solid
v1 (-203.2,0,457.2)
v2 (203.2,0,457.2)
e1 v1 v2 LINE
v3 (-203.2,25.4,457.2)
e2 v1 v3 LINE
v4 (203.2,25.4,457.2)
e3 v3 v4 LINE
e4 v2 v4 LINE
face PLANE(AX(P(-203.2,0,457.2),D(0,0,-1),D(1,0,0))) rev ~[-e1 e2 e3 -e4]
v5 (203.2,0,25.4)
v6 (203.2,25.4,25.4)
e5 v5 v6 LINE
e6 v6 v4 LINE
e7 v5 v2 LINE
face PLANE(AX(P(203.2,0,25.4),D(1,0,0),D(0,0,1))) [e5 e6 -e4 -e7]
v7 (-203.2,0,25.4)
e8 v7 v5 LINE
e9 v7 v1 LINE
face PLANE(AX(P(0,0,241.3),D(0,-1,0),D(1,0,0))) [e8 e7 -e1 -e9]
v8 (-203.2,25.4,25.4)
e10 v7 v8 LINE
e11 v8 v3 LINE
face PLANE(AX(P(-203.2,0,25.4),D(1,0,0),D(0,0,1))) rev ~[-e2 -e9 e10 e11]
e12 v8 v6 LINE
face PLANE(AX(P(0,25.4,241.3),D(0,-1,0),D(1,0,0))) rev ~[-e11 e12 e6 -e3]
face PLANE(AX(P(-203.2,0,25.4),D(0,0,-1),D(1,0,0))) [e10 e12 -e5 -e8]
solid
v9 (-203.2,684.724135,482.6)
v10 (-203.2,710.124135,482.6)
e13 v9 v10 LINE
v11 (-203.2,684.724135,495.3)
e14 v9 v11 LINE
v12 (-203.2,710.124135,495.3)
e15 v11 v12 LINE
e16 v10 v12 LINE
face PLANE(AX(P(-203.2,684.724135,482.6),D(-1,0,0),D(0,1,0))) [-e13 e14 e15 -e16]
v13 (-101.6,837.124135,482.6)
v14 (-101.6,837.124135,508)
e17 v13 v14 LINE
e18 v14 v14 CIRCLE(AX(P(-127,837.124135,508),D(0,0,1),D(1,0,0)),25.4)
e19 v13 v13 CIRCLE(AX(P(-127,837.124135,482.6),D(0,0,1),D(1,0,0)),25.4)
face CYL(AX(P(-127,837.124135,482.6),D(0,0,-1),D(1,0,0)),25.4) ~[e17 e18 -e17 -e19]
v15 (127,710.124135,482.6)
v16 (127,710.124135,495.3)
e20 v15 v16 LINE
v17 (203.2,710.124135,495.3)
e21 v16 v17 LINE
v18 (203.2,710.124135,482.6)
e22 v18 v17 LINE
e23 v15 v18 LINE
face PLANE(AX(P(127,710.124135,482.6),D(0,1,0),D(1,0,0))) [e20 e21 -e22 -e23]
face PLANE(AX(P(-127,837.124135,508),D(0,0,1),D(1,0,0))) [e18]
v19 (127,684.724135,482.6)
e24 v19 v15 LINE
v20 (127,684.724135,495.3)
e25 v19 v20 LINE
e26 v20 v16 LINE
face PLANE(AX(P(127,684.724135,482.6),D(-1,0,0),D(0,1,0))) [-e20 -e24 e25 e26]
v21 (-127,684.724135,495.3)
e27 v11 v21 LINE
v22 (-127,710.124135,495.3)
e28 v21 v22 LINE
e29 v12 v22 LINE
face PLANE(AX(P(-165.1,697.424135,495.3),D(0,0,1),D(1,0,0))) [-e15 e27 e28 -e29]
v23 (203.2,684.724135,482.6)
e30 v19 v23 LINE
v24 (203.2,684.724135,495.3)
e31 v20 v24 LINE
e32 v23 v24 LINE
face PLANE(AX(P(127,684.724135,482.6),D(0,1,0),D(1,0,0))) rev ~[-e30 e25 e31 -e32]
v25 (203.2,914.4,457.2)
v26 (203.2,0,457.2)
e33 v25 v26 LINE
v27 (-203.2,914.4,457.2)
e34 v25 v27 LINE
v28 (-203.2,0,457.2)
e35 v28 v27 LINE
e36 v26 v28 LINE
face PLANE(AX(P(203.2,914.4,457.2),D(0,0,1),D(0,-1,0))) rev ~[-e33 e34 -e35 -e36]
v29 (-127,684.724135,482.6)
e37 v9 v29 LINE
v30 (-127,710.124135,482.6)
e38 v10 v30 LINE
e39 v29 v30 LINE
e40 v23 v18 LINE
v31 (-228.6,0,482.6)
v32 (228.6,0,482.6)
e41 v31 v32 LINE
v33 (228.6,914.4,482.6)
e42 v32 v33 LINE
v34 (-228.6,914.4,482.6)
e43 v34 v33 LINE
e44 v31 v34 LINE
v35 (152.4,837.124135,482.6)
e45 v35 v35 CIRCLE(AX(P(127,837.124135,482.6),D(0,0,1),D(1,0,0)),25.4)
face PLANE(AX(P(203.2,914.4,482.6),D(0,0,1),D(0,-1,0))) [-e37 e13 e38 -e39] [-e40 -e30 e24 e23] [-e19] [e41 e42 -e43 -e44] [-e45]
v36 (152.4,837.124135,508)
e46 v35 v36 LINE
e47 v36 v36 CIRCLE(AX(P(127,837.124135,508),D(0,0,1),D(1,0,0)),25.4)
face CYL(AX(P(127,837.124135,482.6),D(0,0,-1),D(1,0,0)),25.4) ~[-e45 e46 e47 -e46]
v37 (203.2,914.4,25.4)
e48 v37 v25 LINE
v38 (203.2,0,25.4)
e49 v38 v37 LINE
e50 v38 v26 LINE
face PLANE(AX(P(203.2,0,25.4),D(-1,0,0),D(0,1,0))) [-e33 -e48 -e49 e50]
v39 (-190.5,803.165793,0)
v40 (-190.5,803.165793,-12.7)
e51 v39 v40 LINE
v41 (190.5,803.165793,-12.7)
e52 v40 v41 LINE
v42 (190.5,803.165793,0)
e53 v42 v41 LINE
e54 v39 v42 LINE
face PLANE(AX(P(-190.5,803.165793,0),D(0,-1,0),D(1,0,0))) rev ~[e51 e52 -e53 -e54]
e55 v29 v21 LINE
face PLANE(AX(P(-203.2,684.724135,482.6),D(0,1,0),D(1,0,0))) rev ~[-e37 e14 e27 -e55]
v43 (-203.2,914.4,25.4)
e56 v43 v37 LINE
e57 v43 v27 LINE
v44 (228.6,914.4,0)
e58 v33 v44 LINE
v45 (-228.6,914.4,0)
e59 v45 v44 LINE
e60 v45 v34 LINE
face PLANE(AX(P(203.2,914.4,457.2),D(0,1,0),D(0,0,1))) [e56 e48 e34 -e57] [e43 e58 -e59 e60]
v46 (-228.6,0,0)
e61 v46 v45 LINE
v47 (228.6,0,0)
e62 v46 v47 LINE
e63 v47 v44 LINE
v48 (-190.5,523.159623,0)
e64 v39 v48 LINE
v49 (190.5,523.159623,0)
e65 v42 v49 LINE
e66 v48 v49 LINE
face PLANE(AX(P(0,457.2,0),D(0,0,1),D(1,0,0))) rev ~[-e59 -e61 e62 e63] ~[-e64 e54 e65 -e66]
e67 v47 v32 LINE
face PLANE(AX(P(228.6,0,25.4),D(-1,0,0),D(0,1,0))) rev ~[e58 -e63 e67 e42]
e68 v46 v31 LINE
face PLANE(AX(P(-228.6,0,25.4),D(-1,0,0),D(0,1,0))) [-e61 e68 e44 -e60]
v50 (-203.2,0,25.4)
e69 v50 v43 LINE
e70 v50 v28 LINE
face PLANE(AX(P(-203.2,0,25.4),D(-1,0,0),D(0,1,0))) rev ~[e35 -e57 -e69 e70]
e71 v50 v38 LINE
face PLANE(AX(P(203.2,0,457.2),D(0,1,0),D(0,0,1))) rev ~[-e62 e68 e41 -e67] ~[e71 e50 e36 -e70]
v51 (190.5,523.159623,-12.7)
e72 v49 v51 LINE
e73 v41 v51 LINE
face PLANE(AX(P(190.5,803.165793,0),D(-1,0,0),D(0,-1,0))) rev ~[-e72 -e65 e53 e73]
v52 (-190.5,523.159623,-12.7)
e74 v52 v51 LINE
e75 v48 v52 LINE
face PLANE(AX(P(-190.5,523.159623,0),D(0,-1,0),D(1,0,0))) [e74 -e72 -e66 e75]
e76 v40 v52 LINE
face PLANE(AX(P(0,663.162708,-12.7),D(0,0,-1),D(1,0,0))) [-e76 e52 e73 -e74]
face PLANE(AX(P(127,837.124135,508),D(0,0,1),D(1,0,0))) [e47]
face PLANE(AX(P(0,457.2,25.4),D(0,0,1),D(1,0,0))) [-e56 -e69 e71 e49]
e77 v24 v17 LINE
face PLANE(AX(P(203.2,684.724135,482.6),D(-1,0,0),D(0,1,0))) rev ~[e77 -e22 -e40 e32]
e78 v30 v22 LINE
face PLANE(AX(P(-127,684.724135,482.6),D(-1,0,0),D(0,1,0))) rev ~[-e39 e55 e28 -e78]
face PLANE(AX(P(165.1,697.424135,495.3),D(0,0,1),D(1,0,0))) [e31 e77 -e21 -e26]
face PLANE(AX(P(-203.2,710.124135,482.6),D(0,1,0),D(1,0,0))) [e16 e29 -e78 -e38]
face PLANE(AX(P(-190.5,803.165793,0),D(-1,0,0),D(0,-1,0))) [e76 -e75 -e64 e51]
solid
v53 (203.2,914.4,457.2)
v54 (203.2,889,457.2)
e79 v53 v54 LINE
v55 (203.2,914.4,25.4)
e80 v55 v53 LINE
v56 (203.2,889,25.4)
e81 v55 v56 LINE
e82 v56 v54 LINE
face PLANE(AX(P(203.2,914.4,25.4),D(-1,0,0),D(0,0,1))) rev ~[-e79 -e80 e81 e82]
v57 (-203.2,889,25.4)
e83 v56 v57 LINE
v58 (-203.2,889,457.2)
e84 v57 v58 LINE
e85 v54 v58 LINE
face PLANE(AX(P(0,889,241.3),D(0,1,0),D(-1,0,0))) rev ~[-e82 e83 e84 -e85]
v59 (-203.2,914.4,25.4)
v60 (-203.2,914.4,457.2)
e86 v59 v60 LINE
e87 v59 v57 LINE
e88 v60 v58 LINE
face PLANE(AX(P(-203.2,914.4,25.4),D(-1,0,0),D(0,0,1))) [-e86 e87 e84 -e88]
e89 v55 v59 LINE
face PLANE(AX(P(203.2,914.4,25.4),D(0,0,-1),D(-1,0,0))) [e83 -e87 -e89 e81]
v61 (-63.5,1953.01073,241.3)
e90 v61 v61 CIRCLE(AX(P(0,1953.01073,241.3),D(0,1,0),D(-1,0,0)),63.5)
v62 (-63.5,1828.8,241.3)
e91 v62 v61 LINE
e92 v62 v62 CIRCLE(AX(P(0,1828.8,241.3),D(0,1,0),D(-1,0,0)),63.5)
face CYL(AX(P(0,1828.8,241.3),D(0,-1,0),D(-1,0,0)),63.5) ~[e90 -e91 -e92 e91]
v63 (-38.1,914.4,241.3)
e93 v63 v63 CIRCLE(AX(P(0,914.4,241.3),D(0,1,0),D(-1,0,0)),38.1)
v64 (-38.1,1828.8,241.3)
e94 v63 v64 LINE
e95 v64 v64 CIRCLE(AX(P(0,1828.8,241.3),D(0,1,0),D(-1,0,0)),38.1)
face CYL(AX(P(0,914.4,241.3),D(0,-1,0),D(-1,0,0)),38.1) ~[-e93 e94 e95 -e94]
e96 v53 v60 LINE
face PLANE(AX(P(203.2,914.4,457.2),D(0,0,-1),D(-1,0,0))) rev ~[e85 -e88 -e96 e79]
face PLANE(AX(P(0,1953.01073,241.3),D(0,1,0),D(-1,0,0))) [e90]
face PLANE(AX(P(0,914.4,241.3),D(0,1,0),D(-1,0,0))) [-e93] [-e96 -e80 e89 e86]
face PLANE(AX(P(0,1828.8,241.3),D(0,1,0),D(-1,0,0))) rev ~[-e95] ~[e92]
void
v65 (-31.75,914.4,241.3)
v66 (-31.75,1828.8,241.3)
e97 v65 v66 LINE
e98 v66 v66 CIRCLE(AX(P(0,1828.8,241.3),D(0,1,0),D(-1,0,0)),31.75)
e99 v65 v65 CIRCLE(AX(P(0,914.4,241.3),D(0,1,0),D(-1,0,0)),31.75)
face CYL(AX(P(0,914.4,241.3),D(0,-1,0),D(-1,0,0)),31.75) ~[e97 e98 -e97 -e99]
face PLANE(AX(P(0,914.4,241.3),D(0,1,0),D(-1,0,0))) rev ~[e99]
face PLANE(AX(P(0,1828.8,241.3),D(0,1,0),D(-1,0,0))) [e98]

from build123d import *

# Parameters (mm, degrees)
F0_W      = 457.2
F0_H      = 914.4
F1_DEPTH  = 25.4
F2_W      = 25.4
F2_H      = 914.4
F3_DEPTH  = 457.2
F4_W      = 25.4
F4_H      = 914.4
F5_DEPTH  = 457.2
F6_W      = 914.4
F6_H      = 25.4
F7_DEPTH  = 431.8
F8_W      = 406.4
F8_H      = 431.8
F9_DEPTH  = 25.4
F10_W     = 406.4
F10_H     = 431.8
F11_DEPTH = 25.4
F12_R     = 25.4
F13_DEPTH = 25.4
F12_W     = 76.2
F12_H     = 25.4
F14_DEPTH = 12.7
F15_W     = 381
F15_H     = 280.0061702728
F16_DEPTH = 12.7
F17_R     = 38.1
F17_R_2   = 31.75
F18_DEPTH = 914.4
F19_R     = 63.5
F19_R_2   = 38.1
F19_R_3   = 31.75
F20_DEPTH = 124.21073


with BuildPart() as f1:
    # F0 (on Top) → F1 (new body)
    with BuildSketch(Plane.XY):
        with Locations((0, 457.2)):
            Rectangle(F0_W, F0_H)
    extrude(amount=F1_DEPTH)

    # F2 (on face) → F3 (join)
    with BuildSketch(Plane.XY.offset(25.4)):
        with Locations((-215.9, 457.2)):
            Rectangle(F2_W, F2_H)
    extrude(amount=F3_DEPTH)

    # F4 (on face) → F5 (join)
    with BuildSketch(Plane.XY.offset(25.4)):
        with Locations((215.9, 457.2)):
            Rectangle(F4_W, F4_H)
    extrude(amount=F5_DEPTH)

    # F6 (on face) → F7 (join)
    with BuildSketch(Plane(origin=(203.2, 0, 0), x_dir=(0, -1, 0), z_dir=(-1, 0, 0))):
        with Locations((-457.2, 469.9)):
            Rectangle(F6_W, F6_H)
    extrude(amount=F7_DEPTH)

    # F12 (on face) → F13 (join)
    with BuildSketch(Plane.XY.offset(482.6)):
        with Locations((127, 837.1241350174)):
            Circle(F12_R)
        with Locations((-127, 837.1241350174)):
            Circle(F12_R)
    extrude(amount=F13_DEPTH)

    # F12 (on face) → F14 (join)
    with BuildSketch(Plane.XY.offset(482.6)):
        with Locations((-165.1, 697.4241350174)):
            Rectangle(F12_W, F12_H)
        with Locations((165.1, 697.4241350174)):
            Rectangle(F12_W, F12_H)
    extrude(amount=F14_DEPTH)

    # F15 (on face) → F16 (join)
    with BuildSketch(Plane(origin=(0, 0, 0), x_dir=(1, 0, 0), z_dir=(0, 0, -1))):
        with Locations((0, -663.1627082825)):
            Rectangle(F15_W, F15_H)
    extrude(amount=F16_DEPTH)


with BuildPart() as f9:
    # F8 (on face) → F9 (new body)
    with BuildSketch(Plane.XZ):
        with Locations((0, 241.3)):
            Rectangle(F8_W, F8_H)
    extrude(amount=-F9_DEPTH)


with BuildPart() as f11:
    # F10 (on face) → F11 (new body)
    with BuildSketch(Plane(origin=(0, 914.4, 0), x_dir=(-1, 0, 0), z_dir=(0, 1, 0))):
        with Locations((0, 241.3)):
            Rectangle(F10_W, F10_H)
    extrude(amount=-F11_DEPTH)

    # F17 (on face) → F18 (join)
    with BuildSketch(Plane(origin=(0, 914.4, 0), x_dir=(-1, 0, 0), z_dir=(0, 1, 0))):
        with Locations((0, 241.3)):
            Circle(F17_R)
        with Locations((0, 241.3)):
            Circle(F17_R_2, mode=Mode.SUBTRACT)
    extrude(amount=F18_DEPTH)

    # F19 (on face) → F20 (join)
    with BuildSketch(Plane(origin=(0, 1828.8, 0), x_dir=(-1, 0, 0), z_dir=(0, 1, 0))):
        with Locations((0, 241.3)):
            Circle(F19_R)
        with Locations((0, 241.3)):
            Circle(F19_R_2, mode=Mode.SUBTRACT)
        with Locations((0, 241.3)):
            Circle(F19_R_2)
        with Locations((0, 241.3)):
            Circle(F19_R_3, mode=Mode.SUBTRACT)
        with Locations((0, 241.3)):
            Circle(F19_R_3)
    extrude(amount=F20_DEPTH)


solid = Compound([f1.part, f9.part, f11.part])
